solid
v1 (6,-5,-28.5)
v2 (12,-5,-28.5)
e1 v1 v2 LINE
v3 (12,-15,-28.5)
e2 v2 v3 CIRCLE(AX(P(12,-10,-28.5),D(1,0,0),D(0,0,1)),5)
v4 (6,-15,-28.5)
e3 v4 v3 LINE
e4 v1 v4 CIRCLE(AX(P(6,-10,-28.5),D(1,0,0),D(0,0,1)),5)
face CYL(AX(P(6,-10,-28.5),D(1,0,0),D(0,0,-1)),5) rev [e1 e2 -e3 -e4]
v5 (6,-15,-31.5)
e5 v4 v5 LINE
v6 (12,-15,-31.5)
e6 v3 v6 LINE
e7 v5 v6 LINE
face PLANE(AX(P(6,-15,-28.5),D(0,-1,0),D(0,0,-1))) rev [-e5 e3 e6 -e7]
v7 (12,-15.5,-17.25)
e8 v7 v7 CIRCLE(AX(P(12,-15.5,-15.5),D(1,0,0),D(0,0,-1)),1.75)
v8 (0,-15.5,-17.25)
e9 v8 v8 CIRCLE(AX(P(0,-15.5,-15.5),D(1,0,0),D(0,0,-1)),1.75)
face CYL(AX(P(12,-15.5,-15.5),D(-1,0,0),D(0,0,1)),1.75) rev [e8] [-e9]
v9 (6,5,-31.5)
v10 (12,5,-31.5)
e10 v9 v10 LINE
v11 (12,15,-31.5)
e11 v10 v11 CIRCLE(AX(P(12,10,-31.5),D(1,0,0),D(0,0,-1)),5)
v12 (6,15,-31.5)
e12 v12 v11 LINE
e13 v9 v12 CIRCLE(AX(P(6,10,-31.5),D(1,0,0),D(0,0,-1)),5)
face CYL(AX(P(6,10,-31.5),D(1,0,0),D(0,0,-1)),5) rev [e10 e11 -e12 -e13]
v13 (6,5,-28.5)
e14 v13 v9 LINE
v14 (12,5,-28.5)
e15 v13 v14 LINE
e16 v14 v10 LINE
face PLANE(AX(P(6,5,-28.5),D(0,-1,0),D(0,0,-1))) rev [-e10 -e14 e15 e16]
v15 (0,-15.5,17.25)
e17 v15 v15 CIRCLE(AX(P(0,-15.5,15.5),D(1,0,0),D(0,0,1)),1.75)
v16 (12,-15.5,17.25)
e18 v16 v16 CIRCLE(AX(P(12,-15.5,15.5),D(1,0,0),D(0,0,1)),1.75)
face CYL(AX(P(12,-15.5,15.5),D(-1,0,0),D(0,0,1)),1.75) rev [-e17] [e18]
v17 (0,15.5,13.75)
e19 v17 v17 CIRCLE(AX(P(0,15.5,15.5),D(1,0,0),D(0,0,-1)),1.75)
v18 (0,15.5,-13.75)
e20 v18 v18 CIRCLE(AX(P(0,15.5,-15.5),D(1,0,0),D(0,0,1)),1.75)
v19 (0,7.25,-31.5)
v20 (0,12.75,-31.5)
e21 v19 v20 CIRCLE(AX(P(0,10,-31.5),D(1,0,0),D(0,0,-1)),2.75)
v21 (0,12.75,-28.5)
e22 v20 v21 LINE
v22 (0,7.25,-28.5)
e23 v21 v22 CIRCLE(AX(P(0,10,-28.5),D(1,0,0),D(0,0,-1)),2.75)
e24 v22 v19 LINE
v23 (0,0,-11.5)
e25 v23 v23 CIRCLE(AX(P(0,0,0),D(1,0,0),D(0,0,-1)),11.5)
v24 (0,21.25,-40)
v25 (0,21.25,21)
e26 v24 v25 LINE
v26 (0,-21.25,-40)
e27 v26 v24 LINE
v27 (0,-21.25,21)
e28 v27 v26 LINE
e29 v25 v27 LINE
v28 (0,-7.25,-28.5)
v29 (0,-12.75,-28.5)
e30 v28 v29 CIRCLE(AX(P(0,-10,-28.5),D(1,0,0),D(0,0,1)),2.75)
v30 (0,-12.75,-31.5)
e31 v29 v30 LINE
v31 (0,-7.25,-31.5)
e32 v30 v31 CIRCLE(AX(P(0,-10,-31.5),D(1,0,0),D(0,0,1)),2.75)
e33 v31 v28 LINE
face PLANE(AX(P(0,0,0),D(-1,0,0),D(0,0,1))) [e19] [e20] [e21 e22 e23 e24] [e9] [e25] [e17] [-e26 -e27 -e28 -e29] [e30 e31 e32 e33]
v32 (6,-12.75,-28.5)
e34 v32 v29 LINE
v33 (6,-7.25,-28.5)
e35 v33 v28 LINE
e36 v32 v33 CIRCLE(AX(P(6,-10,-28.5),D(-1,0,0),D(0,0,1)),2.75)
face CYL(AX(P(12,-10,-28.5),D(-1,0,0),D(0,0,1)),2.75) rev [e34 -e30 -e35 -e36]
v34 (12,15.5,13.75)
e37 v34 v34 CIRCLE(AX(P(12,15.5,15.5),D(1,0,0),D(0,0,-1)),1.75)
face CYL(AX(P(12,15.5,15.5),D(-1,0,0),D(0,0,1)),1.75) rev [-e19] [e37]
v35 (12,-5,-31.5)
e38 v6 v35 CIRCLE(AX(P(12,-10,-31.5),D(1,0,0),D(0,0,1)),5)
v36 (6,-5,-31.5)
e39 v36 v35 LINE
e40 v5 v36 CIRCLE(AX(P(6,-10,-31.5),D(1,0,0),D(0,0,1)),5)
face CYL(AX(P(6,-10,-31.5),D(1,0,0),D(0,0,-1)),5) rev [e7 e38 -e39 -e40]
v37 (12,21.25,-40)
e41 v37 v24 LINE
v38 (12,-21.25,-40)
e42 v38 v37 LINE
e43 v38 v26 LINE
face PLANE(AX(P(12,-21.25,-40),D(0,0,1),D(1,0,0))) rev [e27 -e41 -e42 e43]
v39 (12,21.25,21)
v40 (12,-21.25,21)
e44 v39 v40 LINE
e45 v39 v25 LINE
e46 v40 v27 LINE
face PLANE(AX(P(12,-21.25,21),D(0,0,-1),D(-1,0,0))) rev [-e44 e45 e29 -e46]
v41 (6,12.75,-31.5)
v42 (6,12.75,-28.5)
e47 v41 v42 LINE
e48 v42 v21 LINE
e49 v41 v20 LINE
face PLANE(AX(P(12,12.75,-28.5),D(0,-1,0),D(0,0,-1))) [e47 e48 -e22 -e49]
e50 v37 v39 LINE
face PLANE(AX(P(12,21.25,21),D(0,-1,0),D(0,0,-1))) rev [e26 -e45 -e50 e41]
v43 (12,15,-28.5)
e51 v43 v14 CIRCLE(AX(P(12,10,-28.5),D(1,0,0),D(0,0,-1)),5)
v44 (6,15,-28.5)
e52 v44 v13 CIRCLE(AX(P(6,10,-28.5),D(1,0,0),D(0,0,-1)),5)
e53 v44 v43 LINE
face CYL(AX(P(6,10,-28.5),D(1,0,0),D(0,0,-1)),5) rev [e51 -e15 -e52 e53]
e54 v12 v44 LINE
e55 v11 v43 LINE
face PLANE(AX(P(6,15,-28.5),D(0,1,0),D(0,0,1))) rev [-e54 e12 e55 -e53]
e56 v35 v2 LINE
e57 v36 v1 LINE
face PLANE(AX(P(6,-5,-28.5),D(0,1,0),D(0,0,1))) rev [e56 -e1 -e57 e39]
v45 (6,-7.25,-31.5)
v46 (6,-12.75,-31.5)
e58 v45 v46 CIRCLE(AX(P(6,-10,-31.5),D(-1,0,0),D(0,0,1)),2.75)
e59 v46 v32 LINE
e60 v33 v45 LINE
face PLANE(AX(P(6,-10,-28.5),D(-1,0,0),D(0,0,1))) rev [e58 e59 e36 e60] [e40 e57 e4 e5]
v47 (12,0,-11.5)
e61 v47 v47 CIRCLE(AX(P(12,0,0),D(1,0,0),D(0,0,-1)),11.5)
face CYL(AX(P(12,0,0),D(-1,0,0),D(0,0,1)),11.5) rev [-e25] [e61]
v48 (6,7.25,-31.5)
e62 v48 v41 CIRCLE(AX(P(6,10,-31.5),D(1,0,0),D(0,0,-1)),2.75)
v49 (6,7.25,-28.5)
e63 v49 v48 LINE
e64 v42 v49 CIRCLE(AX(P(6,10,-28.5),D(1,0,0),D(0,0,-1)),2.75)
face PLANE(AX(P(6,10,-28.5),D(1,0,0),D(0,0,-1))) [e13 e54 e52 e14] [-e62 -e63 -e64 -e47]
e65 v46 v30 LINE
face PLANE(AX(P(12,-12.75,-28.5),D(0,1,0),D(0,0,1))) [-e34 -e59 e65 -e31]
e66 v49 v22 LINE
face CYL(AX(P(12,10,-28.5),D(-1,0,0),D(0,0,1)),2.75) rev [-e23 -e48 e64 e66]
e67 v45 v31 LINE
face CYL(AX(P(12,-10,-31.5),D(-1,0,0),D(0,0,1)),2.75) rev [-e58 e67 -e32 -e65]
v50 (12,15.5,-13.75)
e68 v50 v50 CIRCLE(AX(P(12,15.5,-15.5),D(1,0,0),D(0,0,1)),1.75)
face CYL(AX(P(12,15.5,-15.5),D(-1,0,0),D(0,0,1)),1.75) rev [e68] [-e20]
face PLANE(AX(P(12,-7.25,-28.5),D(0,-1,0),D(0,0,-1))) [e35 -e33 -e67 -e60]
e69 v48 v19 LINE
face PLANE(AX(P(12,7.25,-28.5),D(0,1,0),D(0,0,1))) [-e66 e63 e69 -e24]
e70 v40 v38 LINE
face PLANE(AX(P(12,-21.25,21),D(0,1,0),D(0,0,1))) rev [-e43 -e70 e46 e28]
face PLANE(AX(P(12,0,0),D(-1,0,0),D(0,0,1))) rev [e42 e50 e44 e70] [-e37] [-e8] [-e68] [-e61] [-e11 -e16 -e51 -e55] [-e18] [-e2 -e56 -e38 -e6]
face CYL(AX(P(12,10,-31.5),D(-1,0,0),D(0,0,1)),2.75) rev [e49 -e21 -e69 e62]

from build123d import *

# Parameters (mm, degrees)
SKETCH2_W           = 61
SKETCH2_H           = 42.5
SKETCH2_R           = 11.5
SKETCH2_R_2         = 1.75
BOSS_EXTRUDE2_DEPTH = 12
CUT_EXTRUDE1_DEPTH  = 6


with BuildPart() as part:
    # Sketch2 → Boss-Extrude2 (new body)
    with BuildSketch(Plane(origin=(0, 0, 0), x_dir=(0, 0, -1), z_dir=(1, 0, 0))):
        with Locations((9.5, 0)):
            Rectangle(SKETCH2_W, SKETCH2_H)
        Circle(SKETCH2_R, mode=Mode.SUBTRACT)
        with Locations((-15.5, 15.5)):
            Circle(SKETCH2_R_2, mode=Mode.SUBTRACT)
        with Locations((15.5, -15.5)):
            Circle(SKETCH2_R_2, mode=Mode.SUBTRACT)
        with Locations((15.5, 15.5)):
            Circle(SKETCH2_R_2, mode=Mode.SUBTRACT)
        with Locations((-15.5, -15.5)):
            Circle(SKETCH2_R_2, mode=Mode.SUBTRACT)
        with BuildLine():
            Line((28.5, 12.75), (31.5, 12.75))
            ThreePointArc((31.5, 12.75), (34.25, 10), (31.5, 7.25))
            Line((31.5, 7.25), (28.5, 7.25))
            ThreePointArc((28.5, 7.25), (25.75, 10), (28.5, 12.75))
        make_face(mode=Mode.SUBTRACT)
        with BuildLine():
            Line((28.5, -12.75), (31.5, -12.75))
            ThreePointArc((31.5, -12.75), (34.25, -10), (31.5, -7.25))
            Line((31.5, -7.25), (28.5, -7.25))
            ThreePointArc((28.5, -7.25), (25.75, -10), (28.5, -12.75))
        make_face(mode=Mode.SUBTRACT)
    extrude(amount=BOSS_EXTRUDE2_DEPTH)

    # Sketch3 → Cut-Extrude1 (cut)
    with BuildSketch(Plane(origin=(12, 0, 0), x_dir=(0, 0, -1), z_dir=(1, 0, 0))):
        with BuildLine():
            Line((28.5, 15), (31.5, 15))
            ThreePointArc((31.5, 15), (36.5, 10), (31.5, 5))
            Line((31.5, 5), (28.5, 5))
            ThreePointArc((28.5, 5), (23.5, 10), (28.5, 15))
        make_face()
        with BuildLine():
            Line((28.5, -15), (31.5, -15))
            ThreePointArc((31.5, -15), (36.5, -10), (31.5, -5))
            Line((31.5, -5), (28.5, -5))
            ThreePointArc((28.5, -5), (23.5, -10), (28.5, -15))
        make_face()
    extrude(amount=-CUT_EXTRUDE1_DEPTH, mode=Mode.SUBTRACT)


solid = part.part
